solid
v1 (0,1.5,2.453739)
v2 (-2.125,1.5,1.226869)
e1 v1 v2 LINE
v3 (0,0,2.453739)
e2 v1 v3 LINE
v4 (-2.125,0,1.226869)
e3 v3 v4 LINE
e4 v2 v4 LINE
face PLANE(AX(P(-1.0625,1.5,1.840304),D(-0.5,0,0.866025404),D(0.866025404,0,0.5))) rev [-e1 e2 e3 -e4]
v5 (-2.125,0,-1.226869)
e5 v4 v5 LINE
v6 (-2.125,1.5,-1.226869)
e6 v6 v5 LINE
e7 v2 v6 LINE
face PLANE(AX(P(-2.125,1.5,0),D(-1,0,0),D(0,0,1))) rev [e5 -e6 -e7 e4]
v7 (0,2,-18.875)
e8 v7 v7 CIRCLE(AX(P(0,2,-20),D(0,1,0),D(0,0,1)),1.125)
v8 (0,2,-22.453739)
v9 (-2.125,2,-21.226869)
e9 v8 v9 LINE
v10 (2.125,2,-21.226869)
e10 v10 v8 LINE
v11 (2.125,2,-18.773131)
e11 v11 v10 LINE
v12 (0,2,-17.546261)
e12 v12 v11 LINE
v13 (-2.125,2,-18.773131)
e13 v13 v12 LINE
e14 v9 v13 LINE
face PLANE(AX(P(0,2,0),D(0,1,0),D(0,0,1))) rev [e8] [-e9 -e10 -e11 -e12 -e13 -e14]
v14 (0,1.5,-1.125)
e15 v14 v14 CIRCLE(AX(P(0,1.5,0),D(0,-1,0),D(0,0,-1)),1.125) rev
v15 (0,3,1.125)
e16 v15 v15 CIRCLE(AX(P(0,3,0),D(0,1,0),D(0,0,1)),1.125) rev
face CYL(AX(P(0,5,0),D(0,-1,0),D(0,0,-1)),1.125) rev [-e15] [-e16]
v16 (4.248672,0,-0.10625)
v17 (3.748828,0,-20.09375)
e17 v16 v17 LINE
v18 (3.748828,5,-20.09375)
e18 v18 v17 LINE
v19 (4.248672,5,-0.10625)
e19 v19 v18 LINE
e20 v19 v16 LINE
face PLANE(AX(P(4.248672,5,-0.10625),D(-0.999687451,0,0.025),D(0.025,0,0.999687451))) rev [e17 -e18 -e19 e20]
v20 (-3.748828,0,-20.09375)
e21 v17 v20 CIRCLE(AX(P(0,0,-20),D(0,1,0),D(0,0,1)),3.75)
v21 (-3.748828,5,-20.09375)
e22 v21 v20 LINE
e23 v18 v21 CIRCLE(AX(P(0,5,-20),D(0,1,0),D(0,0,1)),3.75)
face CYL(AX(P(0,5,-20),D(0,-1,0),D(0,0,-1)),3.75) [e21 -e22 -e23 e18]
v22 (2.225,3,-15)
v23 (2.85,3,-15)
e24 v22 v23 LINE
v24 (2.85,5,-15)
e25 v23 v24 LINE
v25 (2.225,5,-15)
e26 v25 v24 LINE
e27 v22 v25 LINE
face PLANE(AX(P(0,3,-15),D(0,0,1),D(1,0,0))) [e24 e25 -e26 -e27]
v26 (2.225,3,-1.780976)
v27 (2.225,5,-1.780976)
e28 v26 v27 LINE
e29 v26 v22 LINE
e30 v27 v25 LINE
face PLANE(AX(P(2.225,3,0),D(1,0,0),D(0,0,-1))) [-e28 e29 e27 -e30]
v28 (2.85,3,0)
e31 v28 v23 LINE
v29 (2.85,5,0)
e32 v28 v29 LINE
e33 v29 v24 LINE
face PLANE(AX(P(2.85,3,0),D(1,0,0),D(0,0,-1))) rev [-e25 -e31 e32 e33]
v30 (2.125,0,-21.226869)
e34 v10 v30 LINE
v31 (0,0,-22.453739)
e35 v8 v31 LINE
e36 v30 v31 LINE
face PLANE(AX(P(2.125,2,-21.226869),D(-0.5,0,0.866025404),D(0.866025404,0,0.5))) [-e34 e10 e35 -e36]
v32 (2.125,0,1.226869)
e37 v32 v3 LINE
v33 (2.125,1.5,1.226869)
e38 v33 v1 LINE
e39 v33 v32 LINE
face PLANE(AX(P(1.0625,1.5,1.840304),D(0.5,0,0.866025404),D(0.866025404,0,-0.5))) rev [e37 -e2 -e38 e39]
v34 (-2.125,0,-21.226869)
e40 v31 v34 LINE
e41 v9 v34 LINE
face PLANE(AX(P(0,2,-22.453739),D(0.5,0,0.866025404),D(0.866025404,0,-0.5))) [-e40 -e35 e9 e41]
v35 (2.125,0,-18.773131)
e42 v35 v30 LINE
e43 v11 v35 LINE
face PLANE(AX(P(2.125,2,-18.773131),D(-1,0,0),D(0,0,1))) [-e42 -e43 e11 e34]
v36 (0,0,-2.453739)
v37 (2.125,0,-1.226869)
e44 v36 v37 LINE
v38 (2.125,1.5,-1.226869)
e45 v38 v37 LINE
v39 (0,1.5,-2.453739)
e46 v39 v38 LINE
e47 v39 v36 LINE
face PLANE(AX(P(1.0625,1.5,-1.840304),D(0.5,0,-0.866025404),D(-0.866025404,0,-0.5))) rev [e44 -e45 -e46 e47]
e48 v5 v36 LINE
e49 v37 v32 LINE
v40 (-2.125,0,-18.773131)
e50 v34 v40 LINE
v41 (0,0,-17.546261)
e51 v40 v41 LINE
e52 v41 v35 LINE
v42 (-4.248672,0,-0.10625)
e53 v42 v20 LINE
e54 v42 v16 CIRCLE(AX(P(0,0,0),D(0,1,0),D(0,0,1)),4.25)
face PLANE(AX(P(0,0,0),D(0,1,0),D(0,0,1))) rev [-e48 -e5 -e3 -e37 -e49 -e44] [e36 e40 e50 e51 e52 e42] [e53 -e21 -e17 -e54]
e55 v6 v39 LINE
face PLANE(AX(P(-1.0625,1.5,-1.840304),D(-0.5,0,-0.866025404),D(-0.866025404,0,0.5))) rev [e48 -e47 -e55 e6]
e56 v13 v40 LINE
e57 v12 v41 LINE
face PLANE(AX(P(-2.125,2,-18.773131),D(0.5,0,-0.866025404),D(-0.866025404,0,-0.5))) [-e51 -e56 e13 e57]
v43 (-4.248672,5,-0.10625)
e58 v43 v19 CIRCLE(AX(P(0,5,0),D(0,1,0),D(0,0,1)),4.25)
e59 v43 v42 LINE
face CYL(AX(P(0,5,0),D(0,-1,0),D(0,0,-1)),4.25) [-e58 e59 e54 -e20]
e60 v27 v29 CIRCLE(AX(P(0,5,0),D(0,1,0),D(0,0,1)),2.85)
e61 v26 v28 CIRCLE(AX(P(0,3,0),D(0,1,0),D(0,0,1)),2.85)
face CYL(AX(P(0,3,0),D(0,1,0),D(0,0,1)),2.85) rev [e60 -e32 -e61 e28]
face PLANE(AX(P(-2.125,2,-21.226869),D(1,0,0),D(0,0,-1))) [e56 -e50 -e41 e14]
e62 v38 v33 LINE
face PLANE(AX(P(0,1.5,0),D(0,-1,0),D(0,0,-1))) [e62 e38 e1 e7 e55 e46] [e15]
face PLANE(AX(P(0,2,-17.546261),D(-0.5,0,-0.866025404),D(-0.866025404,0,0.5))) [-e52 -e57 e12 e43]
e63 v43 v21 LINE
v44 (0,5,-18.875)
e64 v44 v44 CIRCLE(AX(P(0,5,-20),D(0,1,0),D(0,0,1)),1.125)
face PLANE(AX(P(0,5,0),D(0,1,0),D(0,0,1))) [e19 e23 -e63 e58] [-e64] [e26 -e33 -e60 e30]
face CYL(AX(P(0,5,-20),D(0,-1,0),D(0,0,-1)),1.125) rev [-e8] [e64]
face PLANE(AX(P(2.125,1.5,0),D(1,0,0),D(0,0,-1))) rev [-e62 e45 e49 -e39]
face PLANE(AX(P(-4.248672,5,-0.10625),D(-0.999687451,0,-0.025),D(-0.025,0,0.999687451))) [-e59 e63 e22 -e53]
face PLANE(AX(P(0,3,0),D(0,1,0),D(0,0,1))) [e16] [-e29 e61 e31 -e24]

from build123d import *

# Parameters (mm, degrees)
SKETCH1_R           = 1.125
BOSS_EXTRUDE1_DEPTH = 5
CUT_EXTRUDE1_START  = -2
SKETCH2_R           = 1.125
CUT_EXTRUDE1_DEPTH  = 2
SKETCH3_R           = 1.125
CUT_EXTRUDE2_DEPTH  = 1.5
CUT_EXTRUDE3_DEPTH  = 2


with BuildPart() as part:
    # Sketch1 → Boss-Extrude1 (new body)
    with BuildSketch(Plane(origin=(0, 0, 0), x_dir=(1, 0, 0), z_dir=(0, 1, 0))):
        with BuildLine():
            Line((4.248671667, 0.10625), (3.748827942, 20.09375))
            ThreePointArc((3.748827942, 20.09375), (0, 23.75), (-3.748827942, 20.09375))
            Line((-3.748827942, 20.09375), (-4.248671667, 0.10625))
            ThreePointArc((-4.248671667, 0.10625), (0, -4.25), (4.248671667, 0.10625))
        make_face()
        Circle(SKETCH1_R, mode=Mode.SUBTRACT)
        with Locations((0, 20)):
            Circle(SKETCH1_R, mode=Mode.SUBTRACT)
    extrude(amount=BOSS_EXTRUDE1_DEPTH)

    # Sketch2 → Cut-Extrude1 (cut)
    # profile 1 of 2: a face of its own
    with BuildSketch(Plane(origin=(0, 5, 0), x_dir=(1, 0, 0), z_dir=(0, 1, 0)).offset(CUT_EXTRUDE1_START)):
        with BuildLine():
            ThreePointArc((2.225, 1.780975856), (-2.689214569, -0.943729304), (2.85, 0))
            ThreePointArc((2.85, 0), (2.689214569, 0.943729304), (2.225, 1.780975856))
        make_face()
        Circle(SKETCH2_R, mode=Mode.SUBTRACT)
    # profile 2 of 2: a face of its own
    with BuildSketch(Plane(origin=(0, 5, 0), x_dir=(1, 0, 0), z_dir=(0, 1, 0)).offset(CUT_EXTRUDE1_START)):
        with BuildLine():
            ThreePointArc((2.225, 1.780975856), (2.689214569, 0.943729304), (2.85, 0))
            Line((2.85, 0), (2.85, 15))
            Line((2.85, 15), (2.225, 15))
            Line((2.225, 15), (2.225, 1.780975856))
        make_face()
    extrude(amount=CUT_EXTRUDE1_DEPTH, mode=Mode.SUBTRACT)

    # Sketch3 → Cut-Extrude2 (cut)
    with BuildSketch(Plane.XZ):
        Polygon((2.125, 1.226869322), (0, 2.453738644), (-2.125, 1.226869322), (-2.125, -1.226869322), (0, -2.453738644), (2.125, -1.226869322), align=None)
        Circle(SKETCH3_R, mode=Mode.SUBTRACT)
    extrude(amount=-CUT_EXTRUDE2_DEPTH, mode=Mode.SUBTRACT)

    # Sketch3<3> → Cut-Extrude3 (cut)
    with BuildSketch(Plane.XZ):
        Polygon((2.125, -21.226869322), (0, -22.453738644), (-2.125, -21.226869322), (-2.125, -18.773130678), (0, -17.546261356), (2.125, -18.773130678), align=None)
    extrude(amount=-CUT_EXTRUDE3_DEPTH, mode=Mode.SUBTRACT)


solid = part.part
